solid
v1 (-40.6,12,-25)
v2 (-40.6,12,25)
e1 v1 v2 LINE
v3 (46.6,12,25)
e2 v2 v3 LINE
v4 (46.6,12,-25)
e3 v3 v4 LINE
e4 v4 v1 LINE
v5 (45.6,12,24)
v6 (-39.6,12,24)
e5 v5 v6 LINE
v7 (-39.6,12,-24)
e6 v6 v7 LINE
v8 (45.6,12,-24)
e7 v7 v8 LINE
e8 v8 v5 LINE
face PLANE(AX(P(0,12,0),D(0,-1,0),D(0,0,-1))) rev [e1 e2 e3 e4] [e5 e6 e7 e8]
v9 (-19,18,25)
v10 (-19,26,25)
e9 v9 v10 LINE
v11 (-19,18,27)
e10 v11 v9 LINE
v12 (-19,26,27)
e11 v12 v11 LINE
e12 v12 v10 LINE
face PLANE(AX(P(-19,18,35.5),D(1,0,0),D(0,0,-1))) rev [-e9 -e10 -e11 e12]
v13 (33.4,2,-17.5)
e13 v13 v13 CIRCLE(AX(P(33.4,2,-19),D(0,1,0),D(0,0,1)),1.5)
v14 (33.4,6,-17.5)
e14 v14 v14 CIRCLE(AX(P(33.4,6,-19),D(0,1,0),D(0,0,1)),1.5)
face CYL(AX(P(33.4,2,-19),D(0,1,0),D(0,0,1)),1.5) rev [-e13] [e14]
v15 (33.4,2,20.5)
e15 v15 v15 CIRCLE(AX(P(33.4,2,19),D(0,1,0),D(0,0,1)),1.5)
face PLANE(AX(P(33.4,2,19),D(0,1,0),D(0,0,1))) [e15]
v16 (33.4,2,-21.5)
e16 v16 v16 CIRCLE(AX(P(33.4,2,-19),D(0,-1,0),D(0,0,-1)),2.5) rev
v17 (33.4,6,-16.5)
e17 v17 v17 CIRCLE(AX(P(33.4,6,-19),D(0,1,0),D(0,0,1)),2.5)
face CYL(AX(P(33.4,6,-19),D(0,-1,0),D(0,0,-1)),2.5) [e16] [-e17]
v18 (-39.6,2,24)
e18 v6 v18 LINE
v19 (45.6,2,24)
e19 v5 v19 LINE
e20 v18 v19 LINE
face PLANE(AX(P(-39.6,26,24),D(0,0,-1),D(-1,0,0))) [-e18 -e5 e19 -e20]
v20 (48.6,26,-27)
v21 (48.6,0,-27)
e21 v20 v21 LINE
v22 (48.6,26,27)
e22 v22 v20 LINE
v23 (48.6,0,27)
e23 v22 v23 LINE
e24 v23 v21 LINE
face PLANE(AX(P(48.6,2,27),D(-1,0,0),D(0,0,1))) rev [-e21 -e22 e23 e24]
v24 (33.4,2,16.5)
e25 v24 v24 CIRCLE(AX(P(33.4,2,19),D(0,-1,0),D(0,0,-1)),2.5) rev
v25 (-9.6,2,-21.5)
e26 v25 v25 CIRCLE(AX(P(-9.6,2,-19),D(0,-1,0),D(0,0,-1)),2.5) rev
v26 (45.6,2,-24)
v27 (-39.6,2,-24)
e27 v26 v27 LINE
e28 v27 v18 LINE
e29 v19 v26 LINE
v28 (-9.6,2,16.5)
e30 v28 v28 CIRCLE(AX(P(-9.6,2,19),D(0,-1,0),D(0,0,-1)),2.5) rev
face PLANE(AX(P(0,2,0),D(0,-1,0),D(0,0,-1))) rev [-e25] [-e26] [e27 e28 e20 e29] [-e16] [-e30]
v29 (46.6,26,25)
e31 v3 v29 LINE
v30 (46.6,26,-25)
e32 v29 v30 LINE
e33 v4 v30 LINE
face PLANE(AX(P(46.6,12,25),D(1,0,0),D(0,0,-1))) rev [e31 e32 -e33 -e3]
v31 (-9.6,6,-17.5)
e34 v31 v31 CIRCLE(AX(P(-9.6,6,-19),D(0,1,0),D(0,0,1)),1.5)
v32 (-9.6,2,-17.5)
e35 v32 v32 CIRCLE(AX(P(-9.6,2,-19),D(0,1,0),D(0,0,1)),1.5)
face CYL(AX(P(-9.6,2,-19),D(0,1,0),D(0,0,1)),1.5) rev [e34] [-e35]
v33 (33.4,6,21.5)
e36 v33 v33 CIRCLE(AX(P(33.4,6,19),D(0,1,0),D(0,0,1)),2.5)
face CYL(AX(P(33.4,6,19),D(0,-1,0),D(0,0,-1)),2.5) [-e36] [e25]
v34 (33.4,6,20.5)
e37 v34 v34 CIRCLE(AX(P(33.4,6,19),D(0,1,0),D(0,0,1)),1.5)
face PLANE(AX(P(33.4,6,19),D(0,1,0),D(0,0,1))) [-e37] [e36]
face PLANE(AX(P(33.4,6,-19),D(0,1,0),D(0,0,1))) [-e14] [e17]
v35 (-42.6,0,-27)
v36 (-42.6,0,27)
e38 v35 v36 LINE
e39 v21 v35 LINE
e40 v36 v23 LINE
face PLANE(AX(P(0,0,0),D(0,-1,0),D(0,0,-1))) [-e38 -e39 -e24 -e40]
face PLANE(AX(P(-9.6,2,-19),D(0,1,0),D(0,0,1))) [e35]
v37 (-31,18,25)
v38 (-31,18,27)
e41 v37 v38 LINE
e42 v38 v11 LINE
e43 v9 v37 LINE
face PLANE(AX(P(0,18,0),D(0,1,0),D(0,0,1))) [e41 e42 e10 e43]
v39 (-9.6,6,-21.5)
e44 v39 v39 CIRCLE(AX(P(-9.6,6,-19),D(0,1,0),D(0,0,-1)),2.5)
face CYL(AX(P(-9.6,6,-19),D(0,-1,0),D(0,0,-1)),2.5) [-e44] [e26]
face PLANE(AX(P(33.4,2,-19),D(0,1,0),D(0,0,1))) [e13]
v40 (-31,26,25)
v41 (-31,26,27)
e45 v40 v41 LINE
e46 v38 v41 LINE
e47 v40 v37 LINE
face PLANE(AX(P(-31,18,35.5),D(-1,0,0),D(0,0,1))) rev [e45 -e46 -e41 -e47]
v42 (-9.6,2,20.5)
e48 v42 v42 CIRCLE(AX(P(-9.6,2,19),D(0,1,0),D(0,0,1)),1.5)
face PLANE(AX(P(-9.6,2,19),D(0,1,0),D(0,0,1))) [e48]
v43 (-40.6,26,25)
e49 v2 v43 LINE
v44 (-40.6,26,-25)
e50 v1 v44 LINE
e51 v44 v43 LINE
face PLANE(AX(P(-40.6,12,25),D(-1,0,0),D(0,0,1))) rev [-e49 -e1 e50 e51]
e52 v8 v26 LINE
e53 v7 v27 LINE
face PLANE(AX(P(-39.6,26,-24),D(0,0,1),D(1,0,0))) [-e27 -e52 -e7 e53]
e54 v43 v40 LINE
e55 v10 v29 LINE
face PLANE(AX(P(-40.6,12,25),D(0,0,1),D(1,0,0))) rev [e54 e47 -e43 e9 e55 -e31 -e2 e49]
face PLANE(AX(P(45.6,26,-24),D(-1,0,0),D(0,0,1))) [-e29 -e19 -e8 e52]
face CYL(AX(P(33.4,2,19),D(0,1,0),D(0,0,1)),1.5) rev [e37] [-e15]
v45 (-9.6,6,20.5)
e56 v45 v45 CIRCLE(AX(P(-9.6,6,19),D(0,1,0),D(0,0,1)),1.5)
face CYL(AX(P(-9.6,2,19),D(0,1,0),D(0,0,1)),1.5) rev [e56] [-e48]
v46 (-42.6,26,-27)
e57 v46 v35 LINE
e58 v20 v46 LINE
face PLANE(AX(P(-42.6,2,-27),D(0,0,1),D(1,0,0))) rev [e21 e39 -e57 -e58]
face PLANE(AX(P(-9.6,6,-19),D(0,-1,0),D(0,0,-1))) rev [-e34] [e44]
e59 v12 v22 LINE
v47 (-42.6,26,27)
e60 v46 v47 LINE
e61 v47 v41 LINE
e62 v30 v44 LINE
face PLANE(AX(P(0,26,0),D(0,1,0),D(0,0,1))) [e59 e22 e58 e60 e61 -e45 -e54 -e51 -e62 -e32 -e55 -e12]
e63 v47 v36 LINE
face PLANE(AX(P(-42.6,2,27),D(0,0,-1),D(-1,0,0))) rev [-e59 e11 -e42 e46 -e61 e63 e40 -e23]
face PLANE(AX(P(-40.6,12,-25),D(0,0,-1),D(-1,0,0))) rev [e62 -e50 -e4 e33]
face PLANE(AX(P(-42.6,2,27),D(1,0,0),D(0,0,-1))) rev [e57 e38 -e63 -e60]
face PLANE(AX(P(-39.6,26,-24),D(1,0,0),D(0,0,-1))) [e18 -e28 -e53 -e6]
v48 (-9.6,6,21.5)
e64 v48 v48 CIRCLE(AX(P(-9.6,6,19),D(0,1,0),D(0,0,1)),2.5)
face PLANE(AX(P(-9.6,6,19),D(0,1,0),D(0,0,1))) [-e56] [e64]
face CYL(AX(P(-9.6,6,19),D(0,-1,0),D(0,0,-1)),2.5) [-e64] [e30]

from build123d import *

# Parameters (mm, degrees)
CROQUIS1_W              = 91.2
CROQUIS1_H              = 54
SALIENTE_EXTRUIR1_DEPTH = 2
CROQUIS2_R              = 2.5
SALIENTE_EXTRUIR2_DEPTH = 4
CROQUIS3_R              = 1.5
CORTAR_EXTRUIR1_DEPTH   = 4
CROQUIS4_W              = 91.2
CROQUIS4_H              = 54
CROQUIS4_W_2            = 85.2
CROQUIS4_H_2            = 48
SALIENTE_EXTRUIR3_DEPTH = 24
CROQUIS7_W              = 87.2
CROQUIS7_H              = 50
CORTAR_EXTRUIR2_DEPTH   = 14
CROQUIS9_W              = 12
CROQUIS9_H              = 25
CORTAR_EXTRUIR3_DEPTH   = 8


with BuildPart() as part:
    # Croquis1 → Saliente-Extruir1 (new body)
    with BuildSketch(Plane(origin=(0, 0, 0), x_dir=(1, 0, 0), z_dir=(0, 1, 0))):
        with Locations((3, 0)):
            Rectangle(CROQUIS1_W, CROQUIS1_H)
    extrude(amount=SALIENTE_EXTRUIR1_DEPTH)

    # Croquis2 → Saliente-Extruir2 (add)
    with BuildSketch(Plane(origin=(0, 2, 0), x_dir=(1, 0, 0), z_dir=(0, 1, 0))):
        with Locations(Location((-9.6, -19, 0), (0, 0, 90))):
            Circle(CROQUIS2_R)
        with Locations(Location((-9.6, 19, 0), (0, 0, 90))):
            Circle(CROQUIS2_R)
        with Locations(Location((33.4, 19, 0), (0, 0, 90))):
            Circle(CROQUIS2_R)
        with Locations(Location((33.4, -19, 0), (0, 0, 90))):
            Circle(CROQUIS2_R)
    extrude(amount=SALIENTE_EXTRUIR2_DEPTH)

    # Croquis3 → Cortar-Extruir1 (cut)
    with BuildSketch(Plane(origin=(0, 6, 0), x_dir=(1, 0, 0), z_dir=(0, 1, 0))):
        with Locations(Location((-9.6, -19, 0), (0, 0, 270))):
            Circle(CROQUIS3_R)
        with Locations(Location((33.4, -19, 0), (0, 0, 270))):
            Circle(CROQUIS3_R)
        with Locations(Location((33.4, 19, 0), (0, 0, 270))):
            Circle(CROQUIS3_R)
        with Locations(Location((-9.6, 19, 0), (0, 0, 270))):
            Circle(CROQUIS3_R)
    extrude(amount=-CORTAR_EXTRUIR1_DEPTH, mode=Mode.SUBTRACT)

    # Croquis4 → Saliente-Extruir3 (add)
    with BuildSketch(Plane(origin=(0, 2, 0), x_dir=(1, 0, 0), z_dir=(0, 1, 0))):
        with Locations((3, 0)):
            Rectangle(CROQUIS4_W, CROQUIS4_H)
        with Locations((3, 0)):
            Rectangle(CROQUIS4_W_2, CROQUIS4_H_2, mode=Mode.SUBTRACT)
    extrude(amount=SALIENTE_EXTRUIR3_DEPTH)

    # Croquis7 → Cortar-Extruir2 (cut)
    with BuildSketch(Plane(origin=(0, 26, 0), x_dir=(1, 0, 0), z_dir=(0, 1, 0))):
        with Locations((3, 0)):
            Rectangle(CROQUIS7_W, CROQUIS7_H)
    extrude(amount=-CORTAR_EXTRUIR2_DEPTH, mode=Mode.SUBTRACT)

    # Croquis9 → Cortar-Extruir3 (cut)
    with BuildSketch(Plane(origin=(0, 26, 0), x_dir=(1, 0, 0), z_dir=(0, 1, 0))):
        with Locations((-25, -23)):
            Rectangle(CROQUIS9_W, CROQUIS9_H)
    extrude(amount=-CORTAR_EXTRUIR3_DEPTH, mode=Mode.SUBTRACT)


solid = part.part
